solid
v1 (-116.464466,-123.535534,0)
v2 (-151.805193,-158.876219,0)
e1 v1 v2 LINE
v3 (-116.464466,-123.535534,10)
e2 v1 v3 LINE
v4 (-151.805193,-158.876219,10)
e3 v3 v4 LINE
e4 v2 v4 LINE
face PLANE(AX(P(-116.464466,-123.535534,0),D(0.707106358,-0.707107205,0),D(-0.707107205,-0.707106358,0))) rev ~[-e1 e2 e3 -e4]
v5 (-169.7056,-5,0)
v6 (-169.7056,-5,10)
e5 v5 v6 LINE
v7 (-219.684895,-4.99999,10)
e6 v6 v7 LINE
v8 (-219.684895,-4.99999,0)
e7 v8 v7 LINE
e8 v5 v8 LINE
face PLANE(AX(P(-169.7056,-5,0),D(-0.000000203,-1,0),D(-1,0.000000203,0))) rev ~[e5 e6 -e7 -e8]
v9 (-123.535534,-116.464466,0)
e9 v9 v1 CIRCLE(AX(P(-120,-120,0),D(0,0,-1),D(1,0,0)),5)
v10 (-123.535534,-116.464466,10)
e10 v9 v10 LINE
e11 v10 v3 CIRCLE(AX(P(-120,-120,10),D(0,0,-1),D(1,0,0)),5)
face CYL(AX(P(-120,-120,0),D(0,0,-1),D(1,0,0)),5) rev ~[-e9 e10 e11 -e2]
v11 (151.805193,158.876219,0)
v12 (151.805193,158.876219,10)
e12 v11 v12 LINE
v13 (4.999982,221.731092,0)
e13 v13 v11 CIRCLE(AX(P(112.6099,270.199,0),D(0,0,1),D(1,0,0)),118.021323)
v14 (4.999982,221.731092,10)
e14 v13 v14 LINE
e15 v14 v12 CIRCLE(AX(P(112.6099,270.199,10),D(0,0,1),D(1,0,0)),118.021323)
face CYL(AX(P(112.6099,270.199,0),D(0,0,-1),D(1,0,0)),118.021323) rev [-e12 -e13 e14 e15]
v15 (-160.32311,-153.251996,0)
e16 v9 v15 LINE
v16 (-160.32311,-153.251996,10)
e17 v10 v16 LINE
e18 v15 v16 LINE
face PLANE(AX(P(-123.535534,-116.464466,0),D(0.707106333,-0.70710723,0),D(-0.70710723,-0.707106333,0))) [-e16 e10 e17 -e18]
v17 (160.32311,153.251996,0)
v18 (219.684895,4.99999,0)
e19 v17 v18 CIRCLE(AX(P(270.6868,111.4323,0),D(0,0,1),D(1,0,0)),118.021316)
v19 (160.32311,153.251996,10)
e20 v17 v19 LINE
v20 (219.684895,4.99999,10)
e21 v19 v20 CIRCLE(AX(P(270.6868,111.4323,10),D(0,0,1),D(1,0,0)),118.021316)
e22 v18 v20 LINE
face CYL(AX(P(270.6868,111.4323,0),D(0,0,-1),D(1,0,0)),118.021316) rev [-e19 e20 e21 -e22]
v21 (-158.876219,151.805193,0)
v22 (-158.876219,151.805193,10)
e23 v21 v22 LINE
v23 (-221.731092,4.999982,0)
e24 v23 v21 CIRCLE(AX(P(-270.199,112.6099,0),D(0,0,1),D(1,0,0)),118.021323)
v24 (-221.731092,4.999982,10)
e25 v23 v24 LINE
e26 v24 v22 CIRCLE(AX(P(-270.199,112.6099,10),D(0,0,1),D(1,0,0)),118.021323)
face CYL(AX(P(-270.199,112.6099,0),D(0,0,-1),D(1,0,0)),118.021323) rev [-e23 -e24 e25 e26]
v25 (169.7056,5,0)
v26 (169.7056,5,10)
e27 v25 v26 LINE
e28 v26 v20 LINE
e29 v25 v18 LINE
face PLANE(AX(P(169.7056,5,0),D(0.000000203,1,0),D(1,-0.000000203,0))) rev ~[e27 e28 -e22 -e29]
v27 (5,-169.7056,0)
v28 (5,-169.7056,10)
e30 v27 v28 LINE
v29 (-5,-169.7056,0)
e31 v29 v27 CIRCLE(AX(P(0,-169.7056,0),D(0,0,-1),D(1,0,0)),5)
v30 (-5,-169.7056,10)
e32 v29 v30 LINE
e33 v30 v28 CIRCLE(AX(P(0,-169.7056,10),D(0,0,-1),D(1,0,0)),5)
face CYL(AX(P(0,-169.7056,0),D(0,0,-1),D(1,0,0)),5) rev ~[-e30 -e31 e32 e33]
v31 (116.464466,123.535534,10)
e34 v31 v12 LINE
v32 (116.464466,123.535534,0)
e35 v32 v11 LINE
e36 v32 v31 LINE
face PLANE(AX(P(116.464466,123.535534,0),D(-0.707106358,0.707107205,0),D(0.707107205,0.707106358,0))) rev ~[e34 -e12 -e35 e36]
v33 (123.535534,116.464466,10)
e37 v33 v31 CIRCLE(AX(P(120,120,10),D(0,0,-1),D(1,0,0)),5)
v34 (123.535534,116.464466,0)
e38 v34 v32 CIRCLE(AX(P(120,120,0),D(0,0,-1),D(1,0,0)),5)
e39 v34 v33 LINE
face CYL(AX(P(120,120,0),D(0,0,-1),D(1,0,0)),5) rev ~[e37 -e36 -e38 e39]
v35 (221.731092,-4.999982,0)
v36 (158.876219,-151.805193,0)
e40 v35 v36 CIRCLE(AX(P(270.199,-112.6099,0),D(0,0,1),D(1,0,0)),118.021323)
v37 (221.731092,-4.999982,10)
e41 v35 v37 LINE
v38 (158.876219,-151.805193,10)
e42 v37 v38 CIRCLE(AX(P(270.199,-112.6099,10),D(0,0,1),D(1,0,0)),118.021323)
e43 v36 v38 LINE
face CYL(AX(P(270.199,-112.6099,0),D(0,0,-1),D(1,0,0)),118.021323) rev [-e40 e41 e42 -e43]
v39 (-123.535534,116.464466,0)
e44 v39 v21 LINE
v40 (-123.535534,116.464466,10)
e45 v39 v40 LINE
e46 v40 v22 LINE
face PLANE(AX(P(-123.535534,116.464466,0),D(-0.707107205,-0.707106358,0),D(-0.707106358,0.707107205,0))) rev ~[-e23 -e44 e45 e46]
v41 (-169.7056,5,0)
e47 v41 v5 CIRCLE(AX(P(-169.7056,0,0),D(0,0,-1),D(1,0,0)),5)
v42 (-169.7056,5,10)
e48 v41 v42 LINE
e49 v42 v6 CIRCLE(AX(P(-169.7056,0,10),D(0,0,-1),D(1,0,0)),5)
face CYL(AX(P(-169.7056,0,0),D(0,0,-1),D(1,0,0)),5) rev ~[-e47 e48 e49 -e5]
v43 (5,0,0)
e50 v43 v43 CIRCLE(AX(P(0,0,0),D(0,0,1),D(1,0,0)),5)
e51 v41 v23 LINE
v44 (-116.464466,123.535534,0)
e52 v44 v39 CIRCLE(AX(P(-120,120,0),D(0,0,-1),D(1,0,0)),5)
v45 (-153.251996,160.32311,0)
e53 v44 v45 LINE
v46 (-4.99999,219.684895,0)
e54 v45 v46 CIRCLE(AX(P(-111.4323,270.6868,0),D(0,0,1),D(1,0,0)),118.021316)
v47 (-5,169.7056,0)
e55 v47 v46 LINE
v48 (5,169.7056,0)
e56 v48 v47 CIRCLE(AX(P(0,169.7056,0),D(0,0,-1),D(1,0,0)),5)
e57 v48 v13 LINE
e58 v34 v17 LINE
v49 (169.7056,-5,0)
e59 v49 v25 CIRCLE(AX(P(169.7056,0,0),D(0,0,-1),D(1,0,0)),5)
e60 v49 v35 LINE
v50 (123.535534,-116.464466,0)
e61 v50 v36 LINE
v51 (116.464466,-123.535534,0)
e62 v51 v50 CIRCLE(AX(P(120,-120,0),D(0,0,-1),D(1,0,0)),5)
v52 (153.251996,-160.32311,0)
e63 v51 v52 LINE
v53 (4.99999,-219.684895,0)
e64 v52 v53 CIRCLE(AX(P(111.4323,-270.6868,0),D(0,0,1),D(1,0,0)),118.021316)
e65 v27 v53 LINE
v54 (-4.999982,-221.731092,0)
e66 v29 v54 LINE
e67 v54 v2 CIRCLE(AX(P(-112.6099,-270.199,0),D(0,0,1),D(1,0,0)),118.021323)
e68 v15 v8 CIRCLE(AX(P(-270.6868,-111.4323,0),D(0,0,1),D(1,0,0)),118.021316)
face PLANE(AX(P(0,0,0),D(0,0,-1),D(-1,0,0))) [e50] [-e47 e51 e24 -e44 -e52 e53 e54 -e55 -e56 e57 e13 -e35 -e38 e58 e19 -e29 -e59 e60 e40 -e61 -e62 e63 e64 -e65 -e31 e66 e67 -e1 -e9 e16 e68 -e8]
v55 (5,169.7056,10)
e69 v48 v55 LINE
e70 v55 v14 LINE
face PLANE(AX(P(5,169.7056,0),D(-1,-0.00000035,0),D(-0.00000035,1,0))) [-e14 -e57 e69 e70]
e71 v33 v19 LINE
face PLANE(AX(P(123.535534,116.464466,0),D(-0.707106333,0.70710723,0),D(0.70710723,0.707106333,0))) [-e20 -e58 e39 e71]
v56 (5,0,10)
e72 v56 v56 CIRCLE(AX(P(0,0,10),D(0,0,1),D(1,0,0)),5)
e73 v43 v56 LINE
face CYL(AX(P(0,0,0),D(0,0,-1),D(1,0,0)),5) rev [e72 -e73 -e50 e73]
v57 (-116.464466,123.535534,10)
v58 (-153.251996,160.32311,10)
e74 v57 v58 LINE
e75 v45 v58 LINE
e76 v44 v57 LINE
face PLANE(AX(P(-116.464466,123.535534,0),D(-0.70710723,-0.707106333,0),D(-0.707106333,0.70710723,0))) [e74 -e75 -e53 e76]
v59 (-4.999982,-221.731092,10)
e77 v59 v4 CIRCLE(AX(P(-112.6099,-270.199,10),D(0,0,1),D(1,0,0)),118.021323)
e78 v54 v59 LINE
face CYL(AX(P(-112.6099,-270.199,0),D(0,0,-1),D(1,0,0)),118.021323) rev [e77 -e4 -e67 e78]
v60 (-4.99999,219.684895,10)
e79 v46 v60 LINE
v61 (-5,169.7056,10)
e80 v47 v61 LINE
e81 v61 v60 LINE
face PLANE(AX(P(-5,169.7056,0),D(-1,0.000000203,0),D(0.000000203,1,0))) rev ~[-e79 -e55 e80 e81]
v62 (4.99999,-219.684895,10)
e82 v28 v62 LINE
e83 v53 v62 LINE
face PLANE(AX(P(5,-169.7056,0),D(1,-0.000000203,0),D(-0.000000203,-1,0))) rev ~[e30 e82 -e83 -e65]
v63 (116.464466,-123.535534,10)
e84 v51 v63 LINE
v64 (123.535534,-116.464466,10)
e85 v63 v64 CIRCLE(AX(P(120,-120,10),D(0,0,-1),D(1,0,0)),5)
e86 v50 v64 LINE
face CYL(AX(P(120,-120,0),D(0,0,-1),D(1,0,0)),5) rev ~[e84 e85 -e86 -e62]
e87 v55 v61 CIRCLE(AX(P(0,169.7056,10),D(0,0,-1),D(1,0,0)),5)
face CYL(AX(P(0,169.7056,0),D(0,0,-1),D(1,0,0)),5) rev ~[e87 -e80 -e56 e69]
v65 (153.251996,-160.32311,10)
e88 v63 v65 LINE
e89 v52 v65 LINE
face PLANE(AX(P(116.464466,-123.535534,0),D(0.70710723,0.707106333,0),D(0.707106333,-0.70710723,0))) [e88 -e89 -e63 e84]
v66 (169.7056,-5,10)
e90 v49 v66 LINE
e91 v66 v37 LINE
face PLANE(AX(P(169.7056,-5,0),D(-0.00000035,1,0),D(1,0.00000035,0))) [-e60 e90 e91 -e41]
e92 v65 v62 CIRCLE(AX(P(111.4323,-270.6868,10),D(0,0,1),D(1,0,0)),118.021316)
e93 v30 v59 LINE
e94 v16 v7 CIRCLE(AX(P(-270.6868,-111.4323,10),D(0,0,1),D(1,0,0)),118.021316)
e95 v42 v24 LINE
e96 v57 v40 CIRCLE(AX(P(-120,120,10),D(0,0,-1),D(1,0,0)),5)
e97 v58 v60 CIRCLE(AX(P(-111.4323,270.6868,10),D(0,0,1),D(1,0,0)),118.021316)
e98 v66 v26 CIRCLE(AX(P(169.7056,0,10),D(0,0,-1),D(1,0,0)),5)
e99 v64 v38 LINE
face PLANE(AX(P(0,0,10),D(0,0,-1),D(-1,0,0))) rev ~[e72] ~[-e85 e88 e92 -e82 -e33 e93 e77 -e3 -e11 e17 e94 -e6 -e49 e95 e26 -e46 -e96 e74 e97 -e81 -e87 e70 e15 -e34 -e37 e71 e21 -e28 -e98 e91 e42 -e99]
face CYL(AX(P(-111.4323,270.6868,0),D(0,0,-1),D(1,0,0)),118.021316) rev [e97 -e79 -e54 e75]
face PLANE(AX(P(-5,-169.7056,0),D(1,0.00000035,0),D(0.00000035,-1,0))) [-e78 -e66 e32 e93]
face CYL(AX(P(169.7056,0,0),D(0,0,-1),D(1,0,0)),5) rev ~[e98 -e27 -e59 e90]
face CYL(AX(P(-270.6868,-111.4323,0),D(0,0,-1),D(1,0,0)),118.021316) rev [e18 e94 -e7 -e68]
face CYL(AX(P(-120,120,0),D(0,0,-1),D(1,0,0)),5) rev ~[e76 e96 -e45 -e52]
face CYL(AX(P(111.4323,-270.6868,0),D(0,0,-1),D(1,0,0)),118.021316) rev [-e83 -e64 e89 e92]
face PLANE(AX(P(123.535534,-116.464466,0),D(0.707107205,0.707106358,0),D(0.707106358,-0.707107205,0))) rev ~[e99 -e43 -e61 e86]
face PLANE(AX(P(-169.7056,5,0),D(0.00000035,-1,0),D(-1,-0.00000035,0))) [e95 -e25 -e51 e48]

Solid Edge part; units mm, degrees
sketch "Sketch1" plane through (0, 0, 0) normal (0, 0, 1) x (1, 0, 0)
  circle A0 centre (0, 0) radius 5
  line L0 (169.7056, -5) -> (221.7311, -5)
  arc A1 (221.7311, -5) -> (158.8762, -151.8052) centre (270.199, -112.6099) ccw
  line L1 (123.5355, -116.4645) -> (158.8762, -151.8052)
  arc A2 (116.4645, -123.5355) -> (123.5355, -116.4645) centre (120, -120) cw
  line L2 (116.4645, -123.5355) -> (153.252, -160.3231)
  arc A3 (153.252, -160.3231) -> (5, -219.6849) centre (111.4323, -270.6868) ccw
  line L3 (5, -169.7056) -> (5, -219.6849)
  arc A4 (-5, -169.7056) -> (5, -169.7056) centre (0, -169.7056) cw
  line L4 (-5, -169.7056) -> (-5, -221.7311)
  arc A5 (-5, -221.7311) -> (-151.8052, -158.8762) centre (-112.6099, -270.199) ccw
  line L5 (-116.4645, -123.5355) -> (-151.8052, -158.8762)
  arc A6 (-123.5355, -116.4645) -> (-116.4645, -123.5355) centre (-120, -120) cw
  line L6 (-123.5355, -116.4645) -> (-160.3231, -153.252)
  arc A7 (-160.3231, -153.252) -> (-219.6849, -5) centre (-270.6868, -111.4323) ccw
  line L7 (-169.7056, -5) -> (-219.6849, -5)
  arc A8 (-169.7056, 5) -> (-169.7056, -5) centre (-169.7056, 0) cw
  line L8 (-169.7056, 5) -> (-221.7311, 5)
  arc A9 (-221.7311, 5) -> (-158.8762, 151.8052) centre (-270.199, 112.6099) ccw
  line L9 (-123.5355, 116.4645) -> (-158.8762, 151.8052)
  arc A10 (-116.4645, 123.5355) -> (-123.5355, 116.4645) centre (-120, 120) cw
  line L10 (-116.4645, 123.5355) -> (-153.252, 160.3231)
  arc A11 (-153.252, 160.3231) -> (-5, 219.6849) centre (-111.4323, 270.6868) ccw
  line L11 (-5, 169.7056) -> (-5, 219.6849)
  arc A12 (5, 169.7056) -> (-5, 169.7056) centre (0, 169.7056) cw
  line L12 (5, 169.7056) -> (5, 221.7311)
  arc A13 (5, 221.7311) -> (151.8052, 158.8762) centre (112.6099, 270.199) ccw
  line L13 (116.4645, 123.5355) -> (151.8052, 158.8762)
  arc A14 (123.5355, 116.4645) -> (116.4645, 123.5355) centre (120, 120) cw
  line L14 (123.5355, 116.4645) -> (160.3231, 153.252)
  arc A15 (160.3231, 153.252) -> (219.6849, 5) centre (270.6868, 111.4323) ccw
  line L15 (169.7056, 5) -> (219.6849, 5)
  arc A16 (169.7056, -5) -> (169.7056, 5) centre (169.7056, 0) cw
extrude "Protrusion1" add sketch "Sketch1" along normal blind 10
